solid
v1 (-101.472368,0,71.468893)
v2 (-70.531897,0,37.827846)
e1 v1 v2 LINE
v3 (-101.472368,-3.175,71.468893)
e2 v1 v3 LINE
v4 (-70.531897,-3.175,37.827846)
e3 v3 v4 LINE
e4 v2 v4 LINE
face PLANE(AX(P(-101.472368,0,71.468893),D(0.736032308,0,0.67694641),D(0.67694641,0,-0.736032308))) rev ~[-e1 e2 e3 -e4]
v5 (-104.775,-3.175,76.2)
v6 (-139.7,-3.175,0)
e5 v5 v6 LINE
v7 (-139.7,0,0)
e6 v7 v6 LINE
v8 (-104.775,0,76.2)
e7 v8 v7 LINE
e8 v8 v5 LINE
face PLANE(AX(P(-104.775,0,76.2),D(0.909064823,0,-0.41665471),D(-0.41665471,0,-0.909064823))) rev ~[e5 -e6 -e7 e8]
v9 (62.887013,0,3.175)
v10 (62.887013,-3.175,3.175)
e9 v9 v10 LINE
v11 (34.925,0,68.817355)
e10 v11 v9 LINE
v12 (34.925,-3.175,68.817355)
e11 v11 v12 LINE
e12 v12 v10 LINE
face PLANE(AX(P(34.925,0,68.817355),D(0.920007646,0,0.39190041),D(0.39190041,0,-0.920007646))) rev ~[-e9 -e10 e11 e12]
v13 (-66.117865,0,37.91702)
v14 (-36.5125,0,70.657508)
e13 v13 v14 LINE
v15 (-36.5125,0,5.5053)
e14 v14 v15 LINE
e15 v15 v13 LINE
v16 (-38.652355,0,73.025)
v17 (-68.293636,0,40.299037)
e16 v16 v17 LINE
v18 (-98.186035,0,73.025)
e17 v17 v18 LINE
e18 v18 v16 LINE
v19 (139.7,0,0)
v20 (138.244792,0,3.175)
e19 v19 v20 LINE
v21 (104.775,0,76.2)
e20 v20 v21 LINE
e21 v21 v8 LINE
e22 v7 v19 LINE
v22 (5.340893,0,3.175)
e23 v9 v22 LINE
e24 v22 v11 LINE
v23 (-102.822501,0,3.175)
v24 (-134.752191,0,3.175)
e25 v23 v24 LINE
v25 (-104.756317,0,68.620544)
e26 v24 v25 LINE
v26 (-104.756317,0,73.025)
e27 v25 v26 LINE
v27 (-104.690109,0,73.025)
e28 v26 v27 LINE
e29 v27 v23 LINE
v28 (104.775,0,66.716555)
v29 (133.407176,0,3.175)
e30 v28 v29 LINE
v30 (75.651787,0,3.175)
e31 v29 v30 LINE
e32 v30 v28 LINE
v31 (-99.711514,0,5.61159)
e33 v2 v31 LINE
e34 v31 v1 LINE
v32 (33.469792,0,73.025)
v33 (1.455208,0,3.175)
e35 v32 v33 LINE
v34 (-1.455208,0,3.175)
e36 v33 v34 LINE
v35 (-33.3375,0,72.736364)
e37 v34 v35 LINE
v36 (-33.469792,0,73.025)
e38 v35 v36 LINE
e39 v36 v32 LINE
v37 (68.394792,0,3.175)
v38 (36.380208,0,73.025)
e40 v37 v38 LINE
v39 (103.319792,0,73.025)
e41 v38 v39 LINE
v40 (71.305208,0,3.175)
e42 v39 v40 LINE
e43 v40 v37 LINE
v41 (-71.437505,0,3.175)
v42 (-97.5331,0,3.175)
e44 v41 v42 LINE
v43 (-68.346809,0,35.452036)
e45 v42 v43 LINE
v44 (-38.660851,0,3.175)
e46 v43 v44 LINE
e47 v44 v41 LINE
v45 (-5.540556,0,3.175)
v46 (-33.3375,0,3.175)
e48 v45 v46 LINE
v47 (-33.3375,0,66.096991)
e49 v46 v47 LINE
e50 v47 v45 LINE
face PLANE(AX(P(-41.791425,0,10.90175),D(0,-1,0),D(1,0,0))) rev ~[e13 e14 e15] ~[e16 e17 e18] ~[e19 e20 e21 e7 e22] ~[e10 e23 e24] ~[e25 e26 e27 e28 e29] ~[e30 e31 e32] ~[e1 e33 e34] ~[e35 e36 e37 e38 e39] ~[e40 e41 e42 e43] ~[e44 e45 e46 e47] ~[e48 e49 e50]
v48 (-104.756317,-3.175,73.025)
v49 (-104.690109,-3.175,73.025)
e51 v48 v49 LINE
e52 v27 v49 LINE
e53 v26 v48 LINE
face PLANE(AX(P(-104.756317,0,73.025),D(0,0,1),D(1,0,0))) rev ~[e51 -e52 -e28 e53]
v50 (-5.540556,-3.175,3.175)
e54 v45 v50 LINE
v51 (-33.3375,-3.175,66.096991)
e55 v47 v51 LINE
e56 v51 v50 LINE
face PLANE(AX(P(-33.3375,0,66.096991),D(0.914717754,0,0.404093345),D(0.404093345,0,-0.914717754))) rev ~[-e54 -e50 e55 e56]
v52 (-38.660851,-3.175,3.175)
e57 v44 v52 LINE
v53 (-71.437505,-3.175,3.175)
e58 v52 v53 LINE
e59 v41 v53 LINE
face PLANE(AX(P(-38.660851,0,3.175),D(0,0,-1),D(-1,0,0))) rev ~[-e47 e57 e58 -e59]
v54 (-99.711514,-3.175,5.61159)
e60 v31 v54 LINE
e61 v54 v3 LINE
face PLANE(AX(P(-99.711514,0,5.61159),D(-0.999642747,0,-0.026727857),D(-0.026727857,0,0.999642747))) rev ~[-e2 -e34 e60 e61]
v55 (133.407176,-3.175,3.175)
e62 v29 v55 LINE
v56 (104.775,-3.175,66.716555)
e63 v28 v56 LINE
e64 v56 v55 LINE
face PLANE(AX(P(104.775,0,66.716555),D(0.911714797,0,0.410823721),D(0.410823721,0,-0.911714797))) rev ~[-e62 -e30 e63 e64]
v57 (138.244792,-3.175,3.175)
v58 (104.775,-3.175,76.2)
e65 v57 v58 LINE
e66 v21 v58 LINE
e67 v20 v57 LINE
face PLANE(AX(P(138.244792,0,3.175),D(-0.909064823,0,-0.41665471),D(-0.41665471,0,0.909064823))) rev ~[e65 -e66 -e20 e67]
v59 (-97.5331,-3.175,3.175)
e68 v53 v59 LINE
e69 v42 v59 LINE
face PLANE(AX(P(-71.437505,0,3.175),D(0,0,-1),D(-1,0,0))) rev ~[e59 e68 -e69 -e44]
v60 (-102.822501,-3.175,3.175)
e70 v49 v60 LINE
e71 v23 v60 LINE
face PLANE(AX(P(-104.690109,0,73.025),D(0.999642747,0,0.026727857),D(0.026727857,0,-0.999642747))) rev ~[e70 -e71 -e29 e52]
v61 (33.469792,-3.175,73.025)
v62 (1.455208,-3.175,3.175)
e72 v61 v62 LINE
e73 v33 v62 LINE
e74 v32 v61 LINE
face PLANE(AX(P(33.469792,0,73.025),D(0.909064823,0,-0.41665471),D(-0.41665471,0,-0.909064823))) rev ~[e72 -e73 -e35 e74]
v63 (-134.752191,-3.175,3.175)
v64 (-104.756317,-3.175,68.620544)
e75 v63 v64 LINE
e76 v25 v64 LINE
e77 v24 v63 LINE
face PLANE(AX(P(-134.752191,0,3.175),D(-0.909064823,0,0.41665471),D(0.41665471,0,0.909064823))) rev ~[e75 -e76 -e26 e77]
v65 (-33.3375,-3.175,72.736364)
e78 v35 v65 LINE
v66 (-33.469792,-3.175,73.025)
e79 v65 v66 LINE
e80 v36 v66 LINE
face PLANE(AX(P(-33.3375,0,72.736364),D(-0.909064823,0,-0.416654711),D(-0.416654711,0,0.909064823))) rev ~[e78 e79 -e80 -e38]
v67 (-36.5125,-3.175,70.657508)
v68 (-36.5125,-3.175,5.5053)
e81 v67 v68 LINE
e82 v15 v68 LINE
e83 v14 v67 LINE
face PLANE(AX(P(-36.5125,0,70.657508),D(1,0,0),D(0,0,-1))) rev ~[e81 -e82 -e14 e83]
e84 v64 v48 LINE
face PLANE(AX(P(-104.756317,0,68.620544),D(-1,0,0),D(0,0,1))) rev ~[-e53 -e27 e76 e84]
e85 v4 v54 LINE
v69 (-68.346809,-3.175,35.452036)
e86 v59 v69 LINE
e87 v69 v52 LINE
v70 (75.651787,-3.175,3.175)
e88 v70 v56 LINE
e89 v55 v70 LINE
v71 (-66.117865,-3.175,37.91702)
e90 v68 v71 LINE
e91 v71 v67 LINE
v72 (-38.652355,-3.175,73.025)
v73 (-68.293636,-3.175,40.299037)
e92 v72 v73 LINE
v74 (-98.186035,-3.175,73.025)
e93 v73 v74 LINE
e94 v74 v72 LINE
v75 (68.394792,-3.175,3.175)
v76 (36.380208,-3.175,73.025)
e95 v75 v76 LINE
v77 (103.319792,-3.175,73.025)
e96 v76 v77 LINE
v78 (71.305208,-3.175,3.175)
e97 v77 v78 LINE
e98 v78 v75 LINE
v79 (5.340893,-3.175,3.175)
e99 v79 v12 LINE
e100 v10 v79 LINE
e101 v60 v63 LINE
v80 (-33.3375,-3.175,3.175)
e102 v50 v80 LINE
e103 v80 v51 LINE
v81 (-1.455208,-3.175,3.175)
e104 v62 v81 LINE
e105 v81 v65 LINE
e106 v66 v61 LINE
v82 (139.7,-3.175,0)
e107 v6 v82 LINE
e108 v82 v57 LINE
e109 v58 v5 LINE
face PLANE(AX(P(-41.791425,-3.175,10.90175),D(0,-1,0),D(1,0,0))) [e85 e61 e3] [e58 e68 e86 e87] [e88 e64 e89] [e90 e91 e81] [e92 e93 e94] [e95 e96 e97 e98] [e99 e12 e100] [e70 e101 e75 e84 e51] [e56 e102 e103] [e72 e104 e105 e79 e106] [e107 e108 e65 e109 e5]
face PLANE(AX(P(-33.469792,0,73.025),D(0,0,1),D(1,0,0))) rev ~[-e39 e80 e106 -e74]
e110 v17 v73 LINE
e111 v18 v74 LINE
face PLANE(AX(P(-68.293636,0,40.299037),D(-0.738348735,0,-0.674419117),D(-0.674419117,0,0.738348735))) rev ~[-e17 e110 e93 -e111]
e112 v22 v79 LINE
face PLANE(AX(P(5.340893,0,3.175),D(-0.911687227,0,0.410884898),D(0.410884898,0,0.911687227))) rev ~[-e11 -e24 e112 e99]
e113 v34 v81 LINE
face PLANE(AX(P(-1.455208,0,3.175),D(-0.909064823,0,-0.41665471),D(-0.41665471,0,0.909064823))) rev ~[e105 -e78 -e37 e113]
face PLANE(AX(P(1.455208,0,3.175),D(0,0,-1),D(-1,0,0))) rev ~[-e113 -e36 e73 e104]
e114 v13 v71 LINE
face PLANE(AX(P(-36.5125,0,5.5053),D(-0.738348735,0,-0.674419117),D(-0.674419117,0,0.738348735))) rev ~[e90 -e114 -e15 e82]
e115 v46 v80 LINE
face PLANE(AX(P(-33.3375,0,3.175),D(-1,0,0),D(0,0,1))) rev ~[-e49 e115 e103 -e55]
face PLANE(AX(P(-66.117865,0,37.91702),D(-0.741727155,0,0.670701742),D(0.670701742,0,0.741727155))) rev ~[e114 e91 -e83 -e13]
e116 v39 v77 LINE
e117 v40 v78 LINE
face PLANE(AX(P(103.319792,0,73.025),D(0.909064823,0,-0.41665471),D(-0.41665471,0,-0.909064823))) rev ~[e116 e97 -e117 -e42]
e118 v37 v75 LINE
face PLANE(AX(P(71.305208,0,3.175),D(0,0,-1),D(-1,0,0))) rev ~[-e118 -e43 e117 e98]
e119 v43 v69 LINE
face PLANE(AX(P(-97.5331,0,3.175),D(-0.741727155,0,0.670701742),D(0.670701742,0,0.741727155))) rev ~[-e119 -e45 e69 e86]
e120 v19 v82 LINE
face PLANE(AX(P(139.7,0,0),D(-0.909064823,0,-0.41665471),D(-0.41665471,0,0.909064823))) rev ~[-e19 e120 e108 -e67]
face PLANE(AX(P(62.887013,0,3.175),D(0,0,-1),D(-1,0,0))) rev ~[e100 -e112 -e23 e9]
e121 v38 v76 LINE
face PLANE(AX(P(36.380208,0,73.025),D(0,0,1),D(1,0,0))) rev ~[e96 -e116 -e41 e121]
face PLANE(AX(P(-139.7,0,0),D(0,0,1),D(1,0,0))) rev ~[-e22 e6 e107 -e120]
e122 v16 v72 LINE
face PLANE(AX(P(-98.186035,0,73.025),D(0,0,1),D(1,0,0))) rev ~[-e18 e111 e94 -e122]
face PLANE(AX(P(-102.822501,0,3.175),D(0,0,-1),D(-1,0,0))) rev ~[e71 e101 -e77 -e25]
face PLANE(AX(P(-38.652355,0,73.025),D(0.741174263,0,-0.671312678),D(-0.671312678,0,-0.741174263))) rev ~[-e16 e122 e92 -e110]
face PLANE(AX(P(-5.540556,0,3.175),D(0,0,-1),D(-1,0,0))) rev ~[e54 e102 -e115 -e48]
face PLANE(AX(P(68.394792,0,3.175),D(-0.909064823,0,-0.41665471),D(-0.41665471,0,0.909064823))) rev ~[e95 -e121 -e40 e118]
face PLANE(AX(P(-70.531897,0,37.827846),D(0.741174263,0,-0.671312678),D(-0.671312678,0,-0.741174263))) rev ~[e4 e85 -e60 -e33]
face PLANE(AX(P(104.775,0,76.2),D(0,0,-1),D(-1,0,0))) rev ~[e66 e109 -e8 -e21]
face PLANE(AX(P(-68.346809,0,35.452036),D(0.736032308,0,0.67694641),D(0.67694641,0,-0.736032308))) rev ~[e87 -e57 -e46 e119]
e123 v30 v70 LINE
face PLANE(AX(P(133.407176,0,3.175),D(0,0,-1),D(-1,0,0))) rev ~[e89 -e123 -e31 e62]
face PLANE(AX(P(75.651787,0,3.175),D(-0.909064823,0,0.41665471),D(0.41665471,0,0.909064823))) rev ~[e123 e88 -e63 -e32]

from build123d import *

# Parameters (mm, degrees)
F1_DEPTH = 3.175


with BuildPart() as f1:
    # F0 (on Front) → F1 (new body)
    with BuildSketch(Plane.XZ):
        Polygon((-104.775, 76.2), (-139.7, 0), (104.775, 0), (104.775, 3.175), (75.6517872214, 3.175), (71.3052083333, 3.175), (69.85, 3.175), (68.3947916667, 3.175), (62.8870129585, 3.175), (34.925, 3.175), (5.3408932872, 3.175), (1.4552083333, 3.175), (-1.4552083333, 3.175), (-5.5405562744, 3.175), (-33.3375, 3.175), (-36.5125, 3.175), (-38.6608513408, 3.175), (-71.4375047553, 3.175), (-97.5330998212, 3.174999999), (-99.64636602, 3.1749999989), (-102.8225007036, 3.175), (-134.7521914471, 3.175), (-104.756316928, 68.6205444054), (-104.756316928, 73.025), align=None)
        Polygon((104.775, 3.175), (104.775, 0), (139.7, 0), (138.2447916667, 3.175), (133.4071755409, 3.175), align=None)
        Polygon((-104.6901087262, 73.025), (-104.775, 76.2), (-104.756316928, 73.025), align=None)
        Polygon((-101.5988653164, 76.2), (-104.775, 76.2), (-104.6901087262, 73.025), (-102.8225007036, 3.175), (-99.64636602, 3.1749999989), (-99.7115141172, 5.6115897624), (-101.472367761, 71.4688925436), (-101.5139740426, 73.025), align=None)
        Polygon((69.85, 76.2), (-101.5988653164, 76.2), (-101.5139740426, 73.025), (-98.1860351712, 73.025), (-38.6523553888, 73.025), (-36.5125, 73.025), (-33.4697916667, 73.025), (-33.3375, 73.025), (33.4697916667, 73.025), (34.925, 73.025), (36.3802083333, 73.025), (69.85, 73.025), align=None)
        Polygon((133.4071755409, 3.175), (138.2447916667, 3.175), (104.775, 76.2), (104.775, 73.025), (104.775, 66.7165551532), align=None)
        Polygon((104.775, 76.2), (69.85, 76.2), (69.85, 73.025), (103.3197916667, 73.025), (104.775, 73.025), align=None)
        Polygon((75.6517872214, 3.175), (104.775, 66.7165551532), (104.775, 73.025), (103.3197916667, 73.025), (71.3052083333, 3.175), align=None)
        Polygon((68.3947916667, 3.175), (36.3802083333, 73.025), (34.925, 73.025), (34.925, 68.8173547387), (62.8870129585, 3.175), align=None)
        Polygon((34.925, 68.8173547387), (34.925, 73.025), (33.4697916667, 73.025), (1.4552083333, 3.175), (5.3408932872, 3.175), align=None)
        Polygon((-1.4552083333, 3.175), (-33.3375, 72.7363636364), (-33.3375, 66.0969913006), (-5.5405562744, 3.175), align=None)
        Polygon((-33.4697916667, 73.025), (-36.5125, 73.025), (-36.5125, 70.6575083304), (-36.5125, 5.5052996004), (-36.5125, 3.175), (-33.3375, 3.175), (-33.3375, 66.0969913006), (-33.3375, 72.7363636364), align=None)
        Polygon((-99.7115141172, 5.6115897624), (-99.64636602, 3.1749999989), (-97.5330998212, 3.174999999), (-68.3468089349, 35.4520363387), (-68.2701150092, 35.5368519336), (-68.2322457433, 35.5787314475), (-66.1178646207, 37.9170195361), (-36.5125, 70.6575083304), (-36.5125, 73.025), (-38.6523553888, 73.025), (-68.2936357442, 40.2990366199), (-70.5318972468, 37.8278456628), align=None)
        Polygon((-68.2701150092, 35.5368519336), (-68.3468089349, 35.4520363387), (-38.6608513408, 3.175), (-36.5125, 3.175), (-36.5125, 5.5052996004), (-66.1178646207, 37.9170195361), (-68.2322457433, 35.5787314475), align=None)
        Polygon((-98.1860351712, 73.025), (-101.5139740426, 73.025), (-101.472367761, 71.4688925436), (-70.5318972468, 37.8278456628), (-68.2936357442, 40.2990366199), align=None)
    extrude(amount=F1_DEPTH)


solid = f1.part
